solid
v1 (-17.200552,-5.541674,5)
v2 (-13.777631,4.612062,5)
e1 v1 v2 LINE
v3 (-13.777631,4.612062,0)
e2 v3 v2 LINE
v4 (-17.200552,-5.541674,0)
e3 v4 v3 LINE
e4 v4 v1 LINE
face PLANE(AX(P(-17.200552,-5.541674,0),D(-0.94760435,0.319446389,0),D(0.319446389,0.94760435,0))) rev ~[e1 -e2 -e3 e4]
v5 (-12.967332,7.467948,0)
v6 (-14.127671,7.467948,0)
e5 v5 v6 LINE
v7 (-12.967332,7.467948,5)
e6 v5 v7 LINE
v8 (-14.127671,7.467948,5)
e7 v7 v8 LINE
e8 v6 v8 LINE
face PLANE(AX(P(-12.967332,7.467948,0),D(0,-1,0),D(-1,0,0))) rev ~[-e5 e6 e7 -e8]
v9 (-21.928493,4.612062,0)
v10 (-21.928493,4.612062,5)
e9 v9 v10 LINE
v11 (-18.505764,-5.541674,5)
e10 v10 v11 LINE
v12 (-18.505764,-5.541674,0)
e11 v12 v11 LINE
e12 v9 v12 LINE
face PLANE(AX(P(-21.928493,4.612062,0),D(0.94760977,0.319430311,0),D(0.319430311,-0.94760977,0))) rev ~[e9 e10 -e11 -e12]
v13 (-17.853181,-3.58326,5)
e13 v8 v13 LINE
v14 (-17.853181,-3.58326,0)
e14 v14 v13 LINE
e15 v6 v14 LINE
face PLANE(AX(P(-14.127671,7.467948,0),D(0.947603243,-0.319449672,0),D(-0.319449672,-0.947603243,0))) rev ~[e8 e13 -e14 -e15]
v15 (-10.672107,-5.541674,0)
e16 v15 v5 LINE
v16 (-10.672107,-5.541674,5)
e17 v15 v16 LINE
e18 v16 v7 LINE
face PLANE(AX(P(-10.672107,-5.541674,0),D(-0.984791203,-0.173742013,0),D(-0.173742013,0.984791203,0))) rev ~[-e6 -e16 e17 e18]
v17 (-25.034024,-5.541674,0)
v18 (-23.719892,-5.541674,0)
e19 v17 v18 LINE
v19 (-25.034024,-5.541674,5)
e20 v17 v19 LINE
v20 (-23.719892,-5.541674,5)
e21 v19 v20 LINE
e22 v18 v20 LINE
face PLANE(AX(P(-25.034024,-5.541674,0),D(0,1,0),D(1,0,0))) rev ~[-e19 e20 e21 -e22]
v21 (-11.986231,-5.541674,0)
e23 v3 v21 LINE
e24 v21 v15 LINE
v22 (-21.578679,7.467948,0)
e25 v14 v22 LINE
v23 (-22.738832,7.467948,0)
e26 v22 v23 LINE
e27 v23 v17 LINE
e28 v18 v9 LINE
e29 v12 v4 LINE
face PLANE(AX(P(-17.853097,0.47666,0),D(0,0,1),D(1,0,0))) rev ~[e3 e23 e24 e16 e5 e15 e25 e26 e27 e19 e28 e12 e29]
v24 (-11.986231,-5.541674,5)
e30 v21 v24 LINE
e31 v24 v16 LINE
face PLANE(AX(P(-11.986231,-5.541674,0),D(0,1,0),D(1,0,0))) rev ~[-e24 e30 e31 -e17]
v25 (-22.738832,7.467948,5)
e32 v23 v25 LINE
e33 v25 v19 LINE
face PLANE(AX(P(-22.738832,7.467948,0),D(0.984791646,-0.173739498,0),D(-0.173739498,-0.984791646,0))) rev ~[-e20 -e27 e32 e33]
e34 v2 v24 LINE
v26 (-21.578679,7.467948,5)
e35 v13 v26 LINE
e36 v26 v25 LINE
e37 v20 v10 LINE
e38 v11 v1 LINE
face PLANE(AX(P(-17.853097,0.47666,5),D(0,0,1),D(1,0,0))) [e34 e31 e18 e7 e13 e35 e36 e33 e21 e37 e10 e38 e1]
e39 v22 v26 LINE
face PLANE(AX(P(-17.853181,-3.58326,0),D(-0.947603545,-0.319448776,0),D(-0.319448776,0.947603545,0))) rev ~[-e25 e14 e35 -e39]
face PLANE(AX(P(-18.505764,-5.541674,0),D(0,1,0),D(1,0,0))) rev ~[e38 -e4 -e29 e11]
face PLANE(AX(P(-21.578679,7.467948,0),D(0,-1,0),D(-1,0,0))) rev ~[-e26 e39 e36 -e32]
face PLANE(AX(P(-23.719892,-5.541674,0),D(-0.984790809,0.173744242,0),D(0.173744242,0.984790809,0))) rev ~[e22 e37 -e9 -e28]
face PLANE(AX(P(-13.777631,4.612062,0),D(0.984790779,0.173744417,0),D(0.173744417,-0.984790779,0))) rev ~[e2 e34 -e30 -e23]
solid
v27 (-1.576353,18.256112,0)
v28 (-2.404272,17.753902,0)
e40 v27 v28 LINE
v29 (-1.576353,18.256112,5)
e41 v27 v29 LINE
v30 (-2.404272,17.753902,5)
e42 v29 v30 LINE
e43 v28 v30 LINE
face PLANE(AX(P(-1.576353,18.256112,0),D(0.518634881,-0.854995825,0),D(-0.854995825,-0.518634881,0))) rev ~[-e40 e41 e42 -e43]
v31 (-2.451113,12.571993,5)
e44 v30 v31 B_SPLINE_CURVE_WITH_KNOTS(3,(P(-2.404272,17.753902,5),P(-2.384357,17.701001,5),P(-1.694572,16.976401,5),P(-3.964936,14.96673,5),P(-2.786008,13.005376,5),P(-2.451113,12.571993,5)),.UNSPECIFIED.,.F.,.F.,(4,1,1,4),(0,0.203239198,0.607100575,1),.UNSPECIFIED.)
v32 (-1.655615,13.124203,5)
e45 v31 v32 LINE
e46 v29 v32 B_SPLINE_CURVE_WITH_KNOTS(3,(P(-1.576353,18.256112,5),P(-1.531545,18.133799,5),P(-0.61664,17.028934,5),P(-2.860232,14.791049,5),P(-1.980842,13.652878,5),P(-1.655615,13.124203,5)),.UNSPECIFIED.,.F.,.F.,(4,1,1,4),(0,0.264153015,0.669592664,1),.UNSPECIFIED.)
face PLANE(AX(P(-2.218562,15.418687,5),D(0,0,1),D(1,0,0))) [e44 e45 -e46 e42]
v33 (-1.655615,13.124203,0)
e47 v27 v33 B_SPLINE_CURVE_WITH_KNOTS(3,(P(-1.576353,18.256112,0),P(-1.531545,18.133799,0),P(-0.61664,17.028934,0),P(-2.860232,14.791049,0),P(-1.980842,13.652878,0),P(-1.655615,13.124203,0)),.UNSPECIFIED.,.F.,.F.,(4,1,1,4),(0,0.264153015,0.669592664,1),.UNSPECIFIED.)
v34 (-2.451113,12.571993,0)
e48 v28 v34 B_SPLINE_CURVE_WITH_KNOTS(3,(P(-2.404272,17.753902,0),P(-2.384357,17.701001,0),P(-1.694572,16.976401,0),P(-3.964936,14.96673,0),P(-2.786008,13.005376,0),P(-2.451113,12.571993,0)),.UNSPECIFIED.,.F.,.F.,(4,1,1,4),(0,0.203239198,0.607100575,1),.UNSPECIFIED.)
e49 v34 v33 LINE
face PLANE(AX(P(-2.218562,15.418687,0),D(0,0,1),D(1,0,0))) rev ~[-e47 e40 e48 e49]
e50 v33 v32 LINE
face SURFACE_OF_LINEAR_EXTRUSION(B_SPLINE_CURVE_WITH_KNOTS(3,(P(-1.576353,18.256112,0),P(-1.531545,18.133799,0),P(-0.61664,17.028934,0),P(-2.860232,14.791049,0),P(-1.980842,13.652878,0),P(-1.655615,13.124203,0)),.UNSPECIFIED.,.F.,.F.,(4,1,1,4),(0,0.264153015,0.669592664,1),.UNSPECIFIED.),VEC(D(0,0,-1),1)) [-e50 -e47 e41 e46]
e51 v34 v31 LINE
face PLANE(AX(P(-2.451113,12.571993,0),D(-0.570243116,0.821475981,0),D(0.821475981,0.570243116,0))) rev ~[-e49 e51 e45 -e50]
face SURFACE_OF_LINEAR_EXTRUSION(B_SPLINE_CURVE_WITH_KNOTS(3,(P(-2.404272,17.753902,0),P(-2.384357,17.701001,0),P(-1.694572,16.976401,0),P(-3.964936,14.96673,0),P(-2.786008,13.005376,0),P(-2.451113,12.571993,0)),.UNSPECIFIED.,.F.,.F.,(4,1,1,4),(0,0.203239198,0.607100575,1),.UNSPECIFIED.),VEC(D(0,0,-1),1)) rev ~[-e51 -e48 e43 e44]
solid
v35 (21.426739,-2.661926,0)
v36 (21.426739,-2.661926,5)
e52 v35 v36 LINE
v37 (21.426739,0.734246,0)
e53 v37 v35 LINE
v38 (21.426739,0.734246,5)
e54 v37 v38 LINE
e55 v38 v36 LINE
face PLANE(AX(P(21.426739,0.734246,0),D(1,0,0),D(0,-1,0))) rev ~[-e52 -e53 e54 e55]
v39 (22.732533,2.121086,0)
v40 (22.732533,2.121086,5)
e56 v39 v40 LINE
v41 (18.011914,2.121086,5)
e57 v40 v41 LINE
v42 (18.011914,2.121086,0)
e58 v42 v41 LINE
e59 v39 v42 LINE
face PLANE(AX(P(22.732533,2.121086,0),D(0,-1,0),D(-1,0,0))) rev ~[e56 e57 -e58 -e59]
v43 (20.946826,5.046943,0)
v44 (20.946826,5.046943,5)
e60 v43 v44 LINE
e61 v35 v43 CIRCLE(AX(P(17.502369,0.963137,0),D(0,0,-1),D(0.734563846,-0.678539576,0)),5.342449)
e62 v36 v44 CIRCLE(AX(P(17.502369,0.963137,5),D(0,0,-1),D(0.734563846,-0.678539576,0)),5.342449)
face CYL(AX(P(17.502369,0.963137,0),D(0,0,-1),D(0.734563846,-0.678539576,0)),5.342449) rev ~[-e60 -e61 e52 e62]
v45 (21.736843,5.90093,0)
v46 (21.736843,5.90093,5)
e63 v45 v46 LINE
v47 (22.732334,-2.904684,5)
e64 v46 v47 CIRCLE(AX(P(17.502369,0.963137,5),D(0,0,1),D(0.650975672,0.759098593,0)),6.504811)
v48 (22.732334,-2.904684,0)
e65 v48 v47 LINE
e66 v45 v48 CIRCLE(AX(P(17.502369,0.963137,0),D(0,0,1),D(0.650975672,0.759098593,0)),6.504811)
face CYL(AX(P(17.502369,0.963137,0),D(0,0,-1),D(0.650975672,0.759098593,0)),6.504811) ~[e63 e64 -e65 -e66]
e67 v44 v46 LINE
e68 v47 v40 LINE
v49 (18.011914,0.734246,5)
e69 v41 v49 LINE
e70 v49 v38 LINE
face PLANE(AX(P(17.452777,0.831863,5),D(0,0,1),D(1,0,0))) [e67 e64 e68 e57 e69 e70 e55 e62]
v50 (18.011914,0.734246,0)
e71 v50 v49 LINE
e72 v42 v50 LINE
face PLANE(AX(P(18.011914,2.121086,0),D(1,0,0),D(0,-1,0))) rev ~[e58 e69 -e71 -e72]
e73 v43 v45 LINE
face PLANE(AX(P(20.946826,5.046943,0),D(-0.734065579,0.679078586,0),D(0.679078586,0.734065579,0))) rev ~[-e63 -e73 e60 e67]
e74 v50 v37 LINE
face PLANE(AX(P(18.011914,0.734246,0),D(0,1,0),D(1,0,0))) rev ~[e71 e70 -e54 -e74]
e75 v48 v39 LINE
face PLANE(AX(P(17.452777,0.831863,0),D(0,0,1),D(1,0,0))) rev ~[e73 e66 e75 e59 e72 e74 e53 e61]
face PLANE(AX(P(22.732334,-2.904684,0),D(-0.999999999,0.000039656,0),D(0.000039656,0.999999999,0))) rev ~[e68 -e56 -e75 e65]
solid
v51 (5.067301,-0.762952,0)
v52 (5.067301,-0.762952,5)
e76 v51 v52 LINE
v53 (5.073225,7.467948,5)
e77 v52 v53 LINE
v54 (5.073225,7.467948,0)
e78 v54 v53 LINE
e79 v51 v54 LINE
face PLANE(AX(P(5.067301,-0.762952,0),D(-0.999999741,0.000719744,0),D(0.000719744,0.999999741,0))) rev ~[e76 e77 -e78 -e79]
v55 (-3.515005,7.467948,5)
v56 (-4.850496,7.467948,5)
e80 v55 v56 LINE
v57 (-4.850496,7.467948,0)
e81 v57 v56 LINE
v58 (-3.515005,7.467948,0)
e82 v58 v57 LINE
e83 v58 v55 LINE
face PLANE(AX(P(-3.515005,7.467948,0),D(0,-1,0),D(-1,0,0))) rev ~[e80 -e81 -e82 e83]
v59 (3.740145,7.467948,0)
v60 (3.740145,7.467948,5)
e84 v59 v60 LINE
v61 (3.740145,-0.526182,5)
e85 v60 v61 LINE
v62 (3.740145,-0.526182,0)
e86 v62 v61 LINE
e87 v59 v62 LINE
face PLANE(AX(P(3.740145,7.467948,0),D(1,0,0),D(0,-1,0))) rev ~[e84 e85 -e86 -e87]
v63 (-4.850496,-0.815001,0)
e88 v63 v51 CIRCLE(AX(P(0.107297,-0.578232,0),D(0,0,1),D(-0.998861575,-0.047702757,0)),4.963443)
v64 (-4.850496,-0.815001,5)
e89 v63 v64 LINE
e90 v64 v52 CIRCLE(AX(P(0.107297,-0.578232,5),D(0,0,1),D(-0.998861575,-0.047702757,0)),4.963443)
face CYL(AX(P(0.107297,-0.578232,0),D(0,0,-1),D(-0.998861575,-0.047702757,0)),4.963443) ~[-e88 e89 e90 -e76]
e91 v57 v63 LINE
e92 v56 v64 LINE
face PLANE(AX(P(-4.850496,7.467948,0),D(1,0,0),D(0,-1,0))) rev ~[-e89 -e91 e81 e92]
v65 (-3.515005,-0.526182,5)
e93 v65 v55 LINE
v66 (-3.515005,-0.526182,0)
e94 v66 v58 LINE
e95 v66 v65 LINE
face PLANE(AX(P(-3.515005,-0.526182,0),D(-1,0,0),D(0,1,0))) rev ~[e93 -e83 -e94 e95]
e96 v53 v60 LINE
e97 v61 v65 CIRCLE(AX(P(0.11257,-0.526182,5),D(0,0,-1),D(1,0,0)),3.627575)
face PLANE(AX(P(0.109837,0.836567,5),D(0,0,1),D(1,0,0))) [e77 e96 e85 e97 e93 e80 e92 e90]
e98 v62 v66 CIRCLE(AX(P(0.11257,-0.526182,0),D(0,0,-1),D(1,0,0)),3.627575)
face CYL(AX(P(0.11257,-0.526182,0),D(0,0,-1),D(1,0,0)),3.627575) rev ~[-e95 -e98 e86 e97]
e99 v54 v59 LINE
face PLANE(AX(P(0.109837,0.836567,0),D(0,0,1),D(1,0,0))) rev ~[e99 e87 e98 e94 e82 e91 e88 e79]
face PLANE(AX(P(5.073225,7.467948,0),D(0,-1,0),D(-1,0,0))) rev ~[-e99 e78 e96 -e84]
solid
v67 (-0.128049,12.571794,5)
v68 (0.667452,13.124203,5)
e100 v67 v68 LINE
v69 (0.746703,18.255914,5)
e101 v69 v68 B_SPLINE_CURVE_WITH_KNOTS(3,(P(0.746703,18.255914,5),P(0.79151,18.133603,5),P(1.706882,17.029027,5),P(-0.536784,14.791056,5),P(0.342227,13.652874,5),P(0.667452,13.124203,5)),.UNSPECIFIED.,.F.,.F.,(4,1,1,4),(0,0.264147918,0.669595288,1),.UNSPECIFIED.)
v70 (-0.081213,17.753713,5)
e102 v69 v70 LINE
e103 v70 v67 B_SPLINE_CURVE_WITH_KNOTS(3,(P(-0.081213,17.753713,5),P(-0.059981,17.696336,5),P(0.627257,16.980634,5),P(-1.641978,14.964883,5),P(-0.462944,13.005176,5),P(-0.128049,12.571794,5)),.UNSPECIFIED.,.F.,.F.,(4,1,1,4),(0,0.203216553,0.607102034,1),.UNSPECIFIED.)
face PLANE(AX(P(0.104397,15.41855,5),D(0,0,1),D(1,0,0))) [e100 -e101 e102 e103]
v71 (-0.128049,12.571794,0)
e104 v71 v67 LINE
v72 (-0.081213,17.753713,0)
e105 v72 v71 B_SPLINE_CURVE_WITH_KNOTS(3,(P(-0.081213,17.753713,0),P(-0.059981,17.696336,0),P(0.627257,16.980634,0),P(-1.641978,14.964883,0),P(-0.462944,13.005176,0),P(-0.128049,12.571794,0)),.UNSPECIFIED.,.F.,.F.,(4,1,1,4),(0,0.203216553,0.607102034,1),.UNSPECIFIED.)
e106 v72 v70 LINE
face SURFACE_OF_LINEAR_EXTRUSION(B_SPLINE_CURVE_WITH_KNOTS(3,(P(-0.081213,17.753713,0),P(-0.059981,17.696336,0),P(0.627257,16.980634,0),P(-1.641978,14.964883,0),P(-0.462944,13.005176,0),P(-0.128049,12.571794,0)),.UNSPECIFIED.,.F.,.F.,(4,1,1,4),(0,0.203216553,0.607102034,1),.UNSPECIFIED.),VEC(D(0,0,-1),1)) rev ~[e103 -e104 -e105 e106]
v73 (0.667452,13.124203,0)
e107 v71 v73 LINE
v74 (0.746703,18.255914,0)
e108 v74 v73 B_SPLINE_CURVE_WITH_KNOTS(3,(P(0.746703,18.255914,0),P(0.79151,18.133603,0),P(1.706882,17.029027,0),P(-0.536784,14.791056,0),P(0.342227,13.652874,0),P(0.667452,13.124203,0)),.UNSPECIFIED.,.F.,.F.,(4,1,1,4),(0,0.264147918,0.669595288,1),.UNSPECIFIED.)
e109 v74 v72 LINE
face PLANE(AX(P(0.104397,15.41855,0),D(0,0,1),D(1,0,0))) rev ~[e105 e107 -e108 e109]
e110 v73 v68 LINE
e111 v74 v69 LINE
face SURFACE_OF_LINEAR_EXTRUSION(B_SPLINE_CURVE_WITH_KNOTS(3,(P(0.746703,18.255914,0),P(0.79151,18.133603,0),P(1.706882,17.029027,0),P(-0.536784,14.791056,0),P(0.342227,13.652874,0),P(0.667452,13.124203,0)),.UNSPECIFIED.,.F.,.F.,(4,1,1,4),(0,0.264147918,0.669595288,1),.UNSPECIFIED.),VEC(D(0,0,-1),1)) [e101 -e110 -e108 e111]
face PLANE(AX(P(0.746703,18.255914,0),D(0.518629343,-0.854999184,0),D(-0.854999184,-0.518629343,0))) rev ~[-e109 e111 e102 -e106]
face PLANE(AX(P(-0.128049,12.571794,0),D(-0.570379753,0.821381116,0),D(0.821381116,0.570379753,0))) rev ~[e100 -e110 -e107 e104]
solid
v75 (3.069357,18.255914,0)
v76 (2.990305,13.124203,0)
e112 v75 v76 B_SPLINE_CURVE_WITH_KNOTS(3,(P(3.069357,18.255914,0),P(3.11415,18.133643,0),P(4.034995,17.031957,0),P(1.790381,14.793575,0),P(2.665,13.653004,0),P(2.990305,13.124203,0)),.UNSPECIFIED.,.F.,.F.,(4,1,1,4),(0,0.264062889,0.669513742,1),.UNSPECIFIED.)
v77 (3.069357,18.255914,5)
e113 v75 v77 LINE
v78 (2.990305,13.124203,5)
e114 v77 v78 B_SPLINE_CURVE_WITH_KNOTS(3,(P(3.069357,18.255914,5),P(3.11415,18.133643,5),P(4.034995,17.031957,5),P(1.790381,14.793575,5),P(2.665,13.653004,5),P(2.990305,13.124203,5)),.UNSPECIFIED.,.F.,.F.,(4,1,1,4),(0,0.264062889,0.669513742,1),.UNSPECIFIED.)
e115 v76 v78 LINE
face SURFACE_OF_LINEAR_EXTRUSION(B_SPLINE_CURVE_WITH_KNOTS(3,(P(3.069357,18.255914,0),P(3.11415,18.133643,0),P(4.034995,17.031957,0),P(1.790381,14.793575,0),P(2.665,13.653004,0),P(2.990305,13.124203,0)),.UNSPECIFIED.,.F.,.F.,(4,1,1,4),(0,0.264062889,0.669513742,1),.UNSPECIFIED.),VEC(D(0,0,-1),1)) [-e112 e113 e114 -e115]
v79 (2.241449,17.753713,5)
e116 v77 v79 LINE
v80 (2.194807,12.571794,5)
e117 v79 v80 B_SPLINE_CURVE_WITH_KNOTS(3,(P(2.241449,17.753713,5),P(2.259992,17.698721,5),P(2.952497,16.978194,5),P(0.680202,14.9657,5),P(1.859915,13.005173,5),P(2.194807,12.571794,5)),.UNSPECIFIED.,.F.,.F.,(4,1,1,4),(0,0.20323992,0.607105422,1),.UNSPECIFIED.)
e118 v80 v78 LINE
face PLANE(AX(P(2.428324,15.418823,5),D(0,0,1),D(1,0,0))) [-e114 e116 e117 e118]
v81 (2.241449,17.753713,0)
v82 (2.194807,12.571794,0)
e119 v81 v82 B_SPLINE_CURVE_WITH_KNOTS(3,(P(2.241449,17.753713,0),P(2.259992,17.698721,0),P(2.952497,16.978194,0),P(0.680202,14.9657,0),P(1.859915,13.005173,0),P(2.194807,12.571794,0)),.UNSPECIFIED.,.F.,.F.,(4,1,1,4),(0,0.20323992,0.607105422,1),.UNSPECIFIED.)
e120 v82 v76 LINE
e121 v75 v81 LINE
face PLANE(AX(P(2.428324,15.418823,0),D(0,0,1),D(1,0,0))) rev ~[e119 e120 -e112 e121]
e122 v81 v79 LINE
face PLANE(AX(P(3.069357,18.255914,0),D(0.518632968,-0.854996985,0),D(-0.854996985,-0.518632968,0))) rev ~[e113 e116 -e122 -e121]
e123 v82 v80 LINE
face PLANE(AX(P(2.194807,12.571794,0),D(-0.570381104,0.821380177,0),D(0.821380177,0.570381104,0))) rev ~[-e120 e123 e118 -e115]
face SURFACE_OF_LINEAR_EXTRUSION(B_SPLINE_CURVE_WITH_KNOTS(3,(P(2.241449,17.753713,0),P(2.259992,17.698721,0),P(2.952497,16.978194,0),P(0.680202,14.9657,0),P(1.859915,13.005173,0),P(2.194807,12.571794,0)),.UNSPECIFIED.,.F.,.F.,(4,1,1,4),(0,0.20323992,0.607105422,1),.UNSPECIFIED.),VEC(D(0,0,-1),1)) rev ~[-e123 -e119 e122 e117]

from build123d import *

# Parameters (mm, degrees)
F1_DEPTH = 5


with BuildPart() as f1:
    # F0 (on Top) → F1 (new body)
    with BuildSketch(Plane.XY):
        Polygon((-21.5786790927, 7.467948366), (-22.7388322805, 7.467948366), (-25.0340236803, -5.5416743271), (-23.7198919965, -5.5416743271), (-21.9284930243, 4.6120621264), (-18.5057642846, -5.5416743271), (-17.2005520178, -5.5416743271), (-13.7776314257, 4.6120621264), (-11.9862305908, -5.5416743271), (-10.6721068363, -5.5416743271), (-12.9673324977, 7.467948366), (-14.1276714844, 7.467948366), (-17.8531811093, -3.5832603462), align=None)
    extrude(amount=F1_DEPTH)


with BuildPart() as f1b:
    # F0 (on Top) → F1, piece 2 (new body)
    with BuildSketch(Plane.XY):
        with BuildLine():
            Line((-3.5150047368, 7.467948366), (-4.8504956092, 7.467948366))
            Line((-4.8504956092, 7.467948366), (-4.8504956092, -0.8150014946))
            ThreePointArc((-4.8504956092, -0.8150014946), (0.1333450821, -5.5416059747), (5.067300892, -0.7629515603))
            Line((5.067300892, -0.7629515603), (5.0732250349, 7.467948366))
            Line((5.0732250349, 7.467948366), (3.7401448028, 7.467948366))
            Line((3.7401448028, 7.467948366), (3.7401448028, -0.526181655))
            ThreePointArc((3.7401448028, -0.526181655), (0.112570033, -4.1537564248), (-3.5150047368, -0.526181655))
            Line((-3.5150047368, -0.526181655), (-3.5150047368, 7.467948366))
        make_face()
    extrude(amount=F1_DEPTH)


with BuildPart() as f1c:
    # F0 (on Top) → F1, piece 3 (new body)
    with BuildSketch(Plane.XY):
        with BuildLine():
            ThreePointArc((21.4267385223, -2.6619257999), (12.1702430072, 0.6311876273), (20.9468259269, 5.0469432273))
            Line((20.9468259269, 5.0469432273), (21.7368428626, 5.9009301617))
            ThreePointArc((21.7368428626, 5.9009301617), (11.0387314281, 0.2324106833), (22.7323340003, -2.9046835494))
            Line((22.7323340003, -2.9046835494), (22.7325333034, 2.1210856853))
            Line((22.7325333034, 2.1210856853), (18.011914355, 2.1210856853))
            Line((18.011914355, 2.1210856853), (18.011914355, 0.7342459052))
            Line((18.011914355, 0.7342459052), (21.4267385223, 0.7342459052))
            Line((21.4267385223, 0.7342459052), (21.4267385223, -2.6619257999))
        make_face()
    extrude(amount=F1_DEPTH)


with BuildPart() as f1d:
    # F0 (on Top) → F1, piece 4 (new body)
    with BuildSketch(Plane.XY):
        with BuildLine():
            Line((3.0693569244, 18.2559140958), (2.2414493398, 17.7537132986))
            add(Edge.make_bspline(
                [(2.2414493398, 17.7537132986), (2.2599919723, 17.6987205632), (2.9524971433, 16.9781940353), (0.6802018522, 14.9656995494), (1.859915292, 13.0051726103), (2.1948068427, 12.5717944466)],
                knots=[0, 0, 0, 0, 0.2032399197, 0.6071054215, 1, 1, 1, 1], degree=3))
            Line((2.1948068427, 12.5717944466), (2.990305333, 13.1242028438))
            add(Edge.make_bspline(
                [(3.0693569244, 18.2559140958), (3.114149815, 18.1336426176), (4.0349946493, 17.0319569138), (1.7903811181, 14.7935746608), (2.6649999456, 13.6530040763), (2.990305333, 13.1242028438)],
                knots=[0, 0, 0, 0, 0.264062889, 0.6695137425, 1, 1, 1, 1], degree=3))
        make_face()
    extrude(amount=F1_DEPTH)


with BuildPart() as f1e:
    # F0 (on Top) → F1, piece 5 (new body)
    with BuildSketch(Plane.XY):
        with BuildLine():
            Line((0.7467026846, 18.2559140958), (-0.0812128162, 17.7537132986))
            add(Edge.make_bspline(
                [(-0.0812128162, 17.7537132986), (-0.0599809898, 17.6963363774), (0.6272570502, 16.9806336422), (-1.6419783817, 14.9648828927), (-0.4629439318, 13.0051763463), (-0.1280494942, 12.5717944466)],
                knots=[0, 0, 0, 0, 0.2032165532, 0.6071020345, 1, 1, 1, 1], degree=3))
            Line((-0.1280494942, 12.5717944466), (0.6674517901, 13.1242028438))
            add(Edge.make_bspline(
                [(0.7467026846, 18.2559140958), (0.7915099986, 18.1336032459), (1.7068821832, 17.0290268034), (-0.5367836065, 14.7910556084), (0.34222667, 13.6528735977), (0.6674517901, 13.1242028438)],
                knots=[0, 0, 0, 0, 0.2641479178, 0.6695952881, 1, 1, 1, 1], degree=3))
        make_face()
    extrude(amount=F1_DEPTH)


with BuildPart() as f1f:
    # F0 (on Top) → F1, piece 6 (new body)
    with BuildSketch(Plane.XY):
        with BuildLine():
            Line((-1.5763529553, 18.2561124675), (-2.4042717157, 17.7539023571))
            add(Edge.make_bspline(
                [(-2.4042717157, 17.7539023571), (-2.3843572451, 17.7010013722), (-1.6945717303, 16.976400791), (-3.9649355469, 14.9667301398), (-2.7860082662, 13.0053763278), (-2.4511125846, 12.5719928183)],
                knots=[0, 0, 0, 0, 0.2032391985, 0.6071005751, 1, 1, 1, 1], degree=3))
            Line((-2.4511125846, 12.5719928183), (-1.65561456, 13.1242028438))
            add(Edge.make_bspline(
                [(-1.5763529553, 18.2561124675), (-1.5315447766, 18.1337992574), (-0.6166401411, 17.0289341306), (-2.8602318883, 14.7910492711), (-1.980842263, 13.6528777963), (-1.65561456, 13.1242028438)],
                knots=[0, 0, 0, 0, 0.2641530151, 0.6695926641, 1, 1, 1, 1], degree=3))
        make_face()
    extrude(amount=F1_DEPTH)


solid = Compound([f1.part, f1b.part, f1c.part, f1d.part, f1e.part, f1f.part])
